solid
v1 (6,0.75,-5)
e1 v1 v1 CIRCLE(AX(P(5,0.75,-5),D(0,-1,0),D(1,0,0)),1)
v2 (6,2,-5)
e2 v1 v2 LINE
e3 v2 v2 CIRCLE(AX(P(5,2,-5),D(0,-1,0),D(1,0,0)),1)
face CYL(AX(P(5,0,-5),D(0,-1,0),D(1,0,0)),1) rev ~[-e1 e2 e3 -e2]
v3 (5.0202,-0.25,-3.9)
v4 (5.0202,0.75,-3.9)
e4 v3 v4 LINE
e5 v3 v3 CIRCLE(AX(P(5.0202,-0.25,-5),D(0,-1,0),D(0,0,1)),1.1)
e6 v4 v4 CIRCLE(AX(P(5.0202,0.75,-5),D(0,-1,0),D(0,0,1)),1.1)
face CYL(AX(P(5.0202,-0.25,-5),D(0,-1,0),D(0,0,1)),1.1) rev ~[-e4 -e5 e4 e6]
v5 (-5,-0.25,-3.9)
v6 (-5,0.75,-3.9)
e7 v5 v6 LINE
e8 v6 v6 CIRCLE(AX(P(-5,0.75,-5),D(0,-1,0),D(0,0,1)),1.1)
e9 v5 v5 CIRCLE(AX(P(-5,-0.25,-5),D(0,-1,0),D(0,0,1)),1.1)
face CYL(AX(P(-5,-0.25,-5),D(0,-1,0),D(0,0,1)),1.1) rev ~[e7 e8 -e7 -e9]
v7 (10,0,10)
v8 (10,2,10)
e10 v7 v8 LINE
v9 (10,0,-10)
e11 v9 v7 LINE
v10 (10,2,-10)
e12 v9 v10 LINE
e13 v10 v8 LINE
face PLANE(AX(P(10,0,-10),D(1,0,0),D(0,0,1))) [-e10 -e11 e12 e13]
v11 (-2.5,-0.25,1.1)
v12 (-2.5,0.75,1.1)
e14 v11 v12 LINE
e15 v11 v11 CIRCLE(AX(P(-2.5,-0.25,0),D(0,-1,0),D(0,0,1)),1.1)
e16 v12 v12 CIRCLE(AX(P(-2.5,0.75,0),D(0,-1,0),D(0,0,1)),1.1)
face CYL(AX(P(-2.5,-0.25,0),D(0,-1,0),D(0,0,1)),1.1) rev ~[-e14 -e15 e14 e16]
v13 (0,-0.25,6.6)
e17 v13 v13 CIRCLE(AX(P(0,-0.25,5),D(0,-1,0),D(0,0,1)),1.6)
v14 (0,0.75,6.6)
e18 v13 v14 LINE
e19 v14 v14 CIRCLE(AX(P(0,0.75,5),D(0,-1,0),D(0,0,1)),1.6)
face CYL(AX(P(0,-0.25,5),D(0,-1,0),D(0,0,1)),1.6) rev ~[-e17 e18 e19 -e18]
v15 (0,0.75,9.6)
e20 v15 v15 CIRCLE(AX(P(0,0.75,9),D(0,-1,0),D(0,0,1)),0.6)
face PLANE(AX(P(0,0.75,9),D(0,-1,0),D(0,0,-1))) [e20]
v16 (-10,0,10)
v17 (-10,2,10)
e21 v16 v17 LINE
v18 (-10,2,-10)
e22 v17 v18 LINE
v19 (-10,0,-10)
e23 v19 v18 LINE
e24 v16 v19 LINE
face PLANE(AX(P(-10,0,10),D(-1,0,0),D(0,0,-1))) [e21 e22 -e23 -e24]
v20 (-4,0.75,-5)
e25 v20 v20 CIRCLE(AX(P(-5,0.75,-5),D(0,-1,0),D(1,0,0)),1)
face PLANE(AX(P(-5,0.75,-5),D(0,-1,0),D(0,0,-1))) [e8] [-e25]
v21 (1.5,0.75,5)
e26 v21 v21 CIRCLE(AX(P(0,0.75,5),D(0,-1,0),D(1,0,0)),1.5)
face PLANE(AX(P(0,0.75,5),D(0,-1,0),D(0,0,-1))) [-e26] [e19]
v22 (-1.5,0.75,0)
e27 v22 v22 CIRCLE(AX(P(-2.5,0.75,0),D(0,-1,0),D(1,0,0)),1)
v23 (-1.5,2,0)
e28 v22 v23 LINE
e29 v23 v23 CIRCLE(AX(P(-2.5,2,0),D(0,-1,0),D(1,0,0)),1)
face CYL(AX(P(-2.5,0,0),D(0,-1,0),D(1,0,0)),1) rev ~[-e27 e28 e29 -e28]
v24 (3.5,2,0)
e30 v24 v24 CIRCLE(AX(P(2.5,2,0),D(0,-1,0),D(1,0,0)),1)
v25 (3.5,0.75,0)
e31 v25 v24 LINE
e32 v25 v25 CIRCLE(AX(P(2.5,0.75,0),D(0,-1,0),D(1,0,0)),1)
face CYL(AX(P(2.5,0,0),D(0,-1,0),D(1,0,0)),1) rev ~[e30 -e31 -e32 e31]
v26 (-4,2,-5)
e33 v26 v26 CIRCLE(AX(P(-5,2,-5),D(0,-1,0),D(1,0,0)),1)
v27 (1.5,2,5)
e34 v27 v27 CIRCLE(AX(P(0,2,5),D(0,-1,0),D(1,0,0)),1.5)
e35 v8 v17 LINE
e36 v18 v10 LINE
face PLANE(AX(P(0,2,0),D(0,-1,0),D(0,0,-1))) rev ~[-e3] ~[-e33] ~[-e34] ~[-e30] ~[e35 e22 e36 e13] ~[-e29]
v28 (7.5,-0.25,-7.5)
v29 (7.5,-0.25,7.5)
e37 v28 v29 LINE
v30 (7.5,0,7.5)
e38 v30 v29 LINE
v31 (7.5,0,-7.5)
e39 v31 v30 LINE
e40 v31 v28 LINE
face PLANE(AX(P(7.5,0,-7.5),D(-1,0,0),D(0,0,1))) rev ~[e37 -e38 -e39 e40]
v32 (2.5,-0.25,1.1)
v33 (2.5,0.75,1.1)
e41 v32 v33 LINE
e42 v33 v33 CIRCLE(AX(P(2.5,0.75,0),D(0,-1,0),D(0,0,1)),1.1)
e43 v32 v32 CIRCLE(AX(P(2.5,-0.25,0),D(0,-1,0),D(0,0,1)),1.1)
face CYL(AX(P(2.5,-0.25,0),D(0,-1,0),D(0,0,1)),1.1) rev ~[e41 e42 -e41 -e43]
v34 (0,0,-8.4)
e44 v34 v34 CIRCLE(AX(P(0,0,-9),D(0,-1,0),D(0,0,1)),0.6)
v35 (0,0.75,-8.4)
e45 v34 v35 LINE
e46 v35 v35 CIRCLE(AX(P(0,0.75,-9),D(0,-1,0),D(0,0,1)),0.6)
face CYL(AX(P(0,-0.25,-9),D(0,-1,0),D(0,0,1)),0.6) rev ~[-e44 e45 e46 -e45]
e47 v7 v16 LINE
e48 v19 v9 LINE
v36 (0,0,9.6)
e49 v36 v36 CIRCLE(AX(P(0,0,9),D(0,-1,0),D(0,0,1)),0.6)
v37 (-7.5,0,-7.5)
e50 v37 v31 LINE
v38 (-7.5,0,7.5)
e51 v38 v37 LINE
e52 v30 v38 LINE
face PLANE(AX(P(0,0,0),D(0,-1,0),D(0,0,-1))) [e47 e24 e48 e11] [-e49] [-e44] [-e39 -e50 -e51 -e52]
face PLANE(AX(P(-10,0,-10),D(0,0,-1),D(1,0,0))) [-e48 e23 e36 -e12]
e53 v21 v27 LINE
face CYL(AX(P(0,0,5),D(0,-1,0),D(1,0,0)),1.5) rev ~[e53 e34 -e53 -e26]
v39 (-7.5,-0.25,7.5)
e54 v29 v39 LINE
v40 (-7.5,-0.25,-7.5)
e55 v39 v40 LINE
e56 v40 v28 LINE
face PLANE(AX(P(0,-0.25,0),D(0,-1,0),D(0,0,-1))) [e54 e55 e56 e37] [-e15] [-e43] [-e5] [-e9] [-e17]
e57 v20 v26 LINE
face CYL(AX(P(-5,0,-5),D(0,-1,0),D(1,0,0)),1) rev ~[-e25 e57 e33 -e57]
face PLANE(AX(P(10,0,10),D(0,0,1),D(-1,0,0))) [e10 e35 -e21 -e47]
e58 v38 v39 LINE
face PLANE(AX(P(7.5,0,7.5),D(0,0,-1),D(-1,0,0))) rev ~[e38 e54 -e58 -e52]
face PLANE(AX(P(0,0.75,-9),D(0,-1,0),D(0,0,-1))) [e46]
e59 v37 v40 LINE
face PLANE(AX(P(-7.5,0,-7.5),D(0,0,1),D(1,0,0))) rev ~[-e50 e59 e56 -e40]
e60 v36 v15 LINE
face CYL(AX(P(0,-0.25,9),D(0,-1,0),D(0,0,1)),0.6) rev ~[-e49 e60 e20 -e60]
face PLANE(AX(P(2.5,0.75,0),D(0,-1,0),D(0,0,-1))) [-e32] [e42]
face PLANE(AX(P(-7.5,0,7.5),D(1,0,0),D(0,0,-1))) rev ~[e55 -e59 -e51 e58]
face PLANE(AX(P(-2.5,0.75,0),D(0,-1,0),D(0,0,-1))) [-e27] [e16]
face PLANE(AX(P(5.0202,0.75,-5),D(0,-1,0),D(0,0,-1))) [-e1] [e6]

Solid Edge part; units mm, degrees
sketch "Sketch1" plane through (0, 0, 0) normal (0, -1, 0) x (1, 0, 0)
  line L0 (10, 10) -> (-10, 10)
  line L1 (-10, 10) -> (-10, -10)
  line L2 (-10, -10) -> (10, -10)
  line L3 (10, -10) -> (10, 10)
  circle A0 centre (-2.5, 0) radius 1
  circle A1 centre (0, 5) radius 1.5
  circle A2 centre (-5, -5) radius 1
  circle A3 centre (5, -5) radius 1
  circle A4 centre (2.5, 0) radius 1
extrude "Protrusion1" add sketch "Sketch1" against normal blind 2
sketch "Sketch2" plane through (0, 0, 0) normal (0, -1, 0) x (1, 0, 0)
  line L0 (7.5, 7.5) -> (-7.5, 7.5)
  line L1 (-7.5, 7.5) -> (-7.5, -7.5)
  line L2 (-7.5, -7.5) -> (7.5, -7.5)
  line L3 (7.5, -7.5) -> (7.5, 7.5)
  circle A0 centre (0, 5) radius 1.5
  circle A1 centre (-2.5, 0) radius 1
  circle A2 centre (2.5, 0) radius 1
  circle A3 centre (5, -5) radius 1
  circle A4 centre (-5, -5) radius 1
extrude "ExtrudedProtrusion_2" add sketch "Sketch2" along normal blind 0.25
sketch "Sketch3" plane through (0, -0.25, 0) normal (0, -1, 0) x (0, 0, 1)
  circle A0 centre (-5, 5) radius 1.1
  circle A1 centre (0, 2.5) radius 1.1
  circle A2 centre (0, -2.5) radius 1.1
  circle A3 centre (-5, -5.0202) radius 1.1
  circle A4 centre (5, 0) radius 1.6
extrude "ExtrudedCutout_1" cut sketch "Sketch3" against normal blind 1
sketch "Sketch4" plane through (0, -0.25, 0) normal (0, -1, 0) x (0, 0, 1)
  circle A0 centre (-9, 0) radius 0.6
  circle A1 centre (9, 0) radius 0.6
extrude "ExtrudedCutout_3" cut sketch "Sketch4" against normal blind 1
